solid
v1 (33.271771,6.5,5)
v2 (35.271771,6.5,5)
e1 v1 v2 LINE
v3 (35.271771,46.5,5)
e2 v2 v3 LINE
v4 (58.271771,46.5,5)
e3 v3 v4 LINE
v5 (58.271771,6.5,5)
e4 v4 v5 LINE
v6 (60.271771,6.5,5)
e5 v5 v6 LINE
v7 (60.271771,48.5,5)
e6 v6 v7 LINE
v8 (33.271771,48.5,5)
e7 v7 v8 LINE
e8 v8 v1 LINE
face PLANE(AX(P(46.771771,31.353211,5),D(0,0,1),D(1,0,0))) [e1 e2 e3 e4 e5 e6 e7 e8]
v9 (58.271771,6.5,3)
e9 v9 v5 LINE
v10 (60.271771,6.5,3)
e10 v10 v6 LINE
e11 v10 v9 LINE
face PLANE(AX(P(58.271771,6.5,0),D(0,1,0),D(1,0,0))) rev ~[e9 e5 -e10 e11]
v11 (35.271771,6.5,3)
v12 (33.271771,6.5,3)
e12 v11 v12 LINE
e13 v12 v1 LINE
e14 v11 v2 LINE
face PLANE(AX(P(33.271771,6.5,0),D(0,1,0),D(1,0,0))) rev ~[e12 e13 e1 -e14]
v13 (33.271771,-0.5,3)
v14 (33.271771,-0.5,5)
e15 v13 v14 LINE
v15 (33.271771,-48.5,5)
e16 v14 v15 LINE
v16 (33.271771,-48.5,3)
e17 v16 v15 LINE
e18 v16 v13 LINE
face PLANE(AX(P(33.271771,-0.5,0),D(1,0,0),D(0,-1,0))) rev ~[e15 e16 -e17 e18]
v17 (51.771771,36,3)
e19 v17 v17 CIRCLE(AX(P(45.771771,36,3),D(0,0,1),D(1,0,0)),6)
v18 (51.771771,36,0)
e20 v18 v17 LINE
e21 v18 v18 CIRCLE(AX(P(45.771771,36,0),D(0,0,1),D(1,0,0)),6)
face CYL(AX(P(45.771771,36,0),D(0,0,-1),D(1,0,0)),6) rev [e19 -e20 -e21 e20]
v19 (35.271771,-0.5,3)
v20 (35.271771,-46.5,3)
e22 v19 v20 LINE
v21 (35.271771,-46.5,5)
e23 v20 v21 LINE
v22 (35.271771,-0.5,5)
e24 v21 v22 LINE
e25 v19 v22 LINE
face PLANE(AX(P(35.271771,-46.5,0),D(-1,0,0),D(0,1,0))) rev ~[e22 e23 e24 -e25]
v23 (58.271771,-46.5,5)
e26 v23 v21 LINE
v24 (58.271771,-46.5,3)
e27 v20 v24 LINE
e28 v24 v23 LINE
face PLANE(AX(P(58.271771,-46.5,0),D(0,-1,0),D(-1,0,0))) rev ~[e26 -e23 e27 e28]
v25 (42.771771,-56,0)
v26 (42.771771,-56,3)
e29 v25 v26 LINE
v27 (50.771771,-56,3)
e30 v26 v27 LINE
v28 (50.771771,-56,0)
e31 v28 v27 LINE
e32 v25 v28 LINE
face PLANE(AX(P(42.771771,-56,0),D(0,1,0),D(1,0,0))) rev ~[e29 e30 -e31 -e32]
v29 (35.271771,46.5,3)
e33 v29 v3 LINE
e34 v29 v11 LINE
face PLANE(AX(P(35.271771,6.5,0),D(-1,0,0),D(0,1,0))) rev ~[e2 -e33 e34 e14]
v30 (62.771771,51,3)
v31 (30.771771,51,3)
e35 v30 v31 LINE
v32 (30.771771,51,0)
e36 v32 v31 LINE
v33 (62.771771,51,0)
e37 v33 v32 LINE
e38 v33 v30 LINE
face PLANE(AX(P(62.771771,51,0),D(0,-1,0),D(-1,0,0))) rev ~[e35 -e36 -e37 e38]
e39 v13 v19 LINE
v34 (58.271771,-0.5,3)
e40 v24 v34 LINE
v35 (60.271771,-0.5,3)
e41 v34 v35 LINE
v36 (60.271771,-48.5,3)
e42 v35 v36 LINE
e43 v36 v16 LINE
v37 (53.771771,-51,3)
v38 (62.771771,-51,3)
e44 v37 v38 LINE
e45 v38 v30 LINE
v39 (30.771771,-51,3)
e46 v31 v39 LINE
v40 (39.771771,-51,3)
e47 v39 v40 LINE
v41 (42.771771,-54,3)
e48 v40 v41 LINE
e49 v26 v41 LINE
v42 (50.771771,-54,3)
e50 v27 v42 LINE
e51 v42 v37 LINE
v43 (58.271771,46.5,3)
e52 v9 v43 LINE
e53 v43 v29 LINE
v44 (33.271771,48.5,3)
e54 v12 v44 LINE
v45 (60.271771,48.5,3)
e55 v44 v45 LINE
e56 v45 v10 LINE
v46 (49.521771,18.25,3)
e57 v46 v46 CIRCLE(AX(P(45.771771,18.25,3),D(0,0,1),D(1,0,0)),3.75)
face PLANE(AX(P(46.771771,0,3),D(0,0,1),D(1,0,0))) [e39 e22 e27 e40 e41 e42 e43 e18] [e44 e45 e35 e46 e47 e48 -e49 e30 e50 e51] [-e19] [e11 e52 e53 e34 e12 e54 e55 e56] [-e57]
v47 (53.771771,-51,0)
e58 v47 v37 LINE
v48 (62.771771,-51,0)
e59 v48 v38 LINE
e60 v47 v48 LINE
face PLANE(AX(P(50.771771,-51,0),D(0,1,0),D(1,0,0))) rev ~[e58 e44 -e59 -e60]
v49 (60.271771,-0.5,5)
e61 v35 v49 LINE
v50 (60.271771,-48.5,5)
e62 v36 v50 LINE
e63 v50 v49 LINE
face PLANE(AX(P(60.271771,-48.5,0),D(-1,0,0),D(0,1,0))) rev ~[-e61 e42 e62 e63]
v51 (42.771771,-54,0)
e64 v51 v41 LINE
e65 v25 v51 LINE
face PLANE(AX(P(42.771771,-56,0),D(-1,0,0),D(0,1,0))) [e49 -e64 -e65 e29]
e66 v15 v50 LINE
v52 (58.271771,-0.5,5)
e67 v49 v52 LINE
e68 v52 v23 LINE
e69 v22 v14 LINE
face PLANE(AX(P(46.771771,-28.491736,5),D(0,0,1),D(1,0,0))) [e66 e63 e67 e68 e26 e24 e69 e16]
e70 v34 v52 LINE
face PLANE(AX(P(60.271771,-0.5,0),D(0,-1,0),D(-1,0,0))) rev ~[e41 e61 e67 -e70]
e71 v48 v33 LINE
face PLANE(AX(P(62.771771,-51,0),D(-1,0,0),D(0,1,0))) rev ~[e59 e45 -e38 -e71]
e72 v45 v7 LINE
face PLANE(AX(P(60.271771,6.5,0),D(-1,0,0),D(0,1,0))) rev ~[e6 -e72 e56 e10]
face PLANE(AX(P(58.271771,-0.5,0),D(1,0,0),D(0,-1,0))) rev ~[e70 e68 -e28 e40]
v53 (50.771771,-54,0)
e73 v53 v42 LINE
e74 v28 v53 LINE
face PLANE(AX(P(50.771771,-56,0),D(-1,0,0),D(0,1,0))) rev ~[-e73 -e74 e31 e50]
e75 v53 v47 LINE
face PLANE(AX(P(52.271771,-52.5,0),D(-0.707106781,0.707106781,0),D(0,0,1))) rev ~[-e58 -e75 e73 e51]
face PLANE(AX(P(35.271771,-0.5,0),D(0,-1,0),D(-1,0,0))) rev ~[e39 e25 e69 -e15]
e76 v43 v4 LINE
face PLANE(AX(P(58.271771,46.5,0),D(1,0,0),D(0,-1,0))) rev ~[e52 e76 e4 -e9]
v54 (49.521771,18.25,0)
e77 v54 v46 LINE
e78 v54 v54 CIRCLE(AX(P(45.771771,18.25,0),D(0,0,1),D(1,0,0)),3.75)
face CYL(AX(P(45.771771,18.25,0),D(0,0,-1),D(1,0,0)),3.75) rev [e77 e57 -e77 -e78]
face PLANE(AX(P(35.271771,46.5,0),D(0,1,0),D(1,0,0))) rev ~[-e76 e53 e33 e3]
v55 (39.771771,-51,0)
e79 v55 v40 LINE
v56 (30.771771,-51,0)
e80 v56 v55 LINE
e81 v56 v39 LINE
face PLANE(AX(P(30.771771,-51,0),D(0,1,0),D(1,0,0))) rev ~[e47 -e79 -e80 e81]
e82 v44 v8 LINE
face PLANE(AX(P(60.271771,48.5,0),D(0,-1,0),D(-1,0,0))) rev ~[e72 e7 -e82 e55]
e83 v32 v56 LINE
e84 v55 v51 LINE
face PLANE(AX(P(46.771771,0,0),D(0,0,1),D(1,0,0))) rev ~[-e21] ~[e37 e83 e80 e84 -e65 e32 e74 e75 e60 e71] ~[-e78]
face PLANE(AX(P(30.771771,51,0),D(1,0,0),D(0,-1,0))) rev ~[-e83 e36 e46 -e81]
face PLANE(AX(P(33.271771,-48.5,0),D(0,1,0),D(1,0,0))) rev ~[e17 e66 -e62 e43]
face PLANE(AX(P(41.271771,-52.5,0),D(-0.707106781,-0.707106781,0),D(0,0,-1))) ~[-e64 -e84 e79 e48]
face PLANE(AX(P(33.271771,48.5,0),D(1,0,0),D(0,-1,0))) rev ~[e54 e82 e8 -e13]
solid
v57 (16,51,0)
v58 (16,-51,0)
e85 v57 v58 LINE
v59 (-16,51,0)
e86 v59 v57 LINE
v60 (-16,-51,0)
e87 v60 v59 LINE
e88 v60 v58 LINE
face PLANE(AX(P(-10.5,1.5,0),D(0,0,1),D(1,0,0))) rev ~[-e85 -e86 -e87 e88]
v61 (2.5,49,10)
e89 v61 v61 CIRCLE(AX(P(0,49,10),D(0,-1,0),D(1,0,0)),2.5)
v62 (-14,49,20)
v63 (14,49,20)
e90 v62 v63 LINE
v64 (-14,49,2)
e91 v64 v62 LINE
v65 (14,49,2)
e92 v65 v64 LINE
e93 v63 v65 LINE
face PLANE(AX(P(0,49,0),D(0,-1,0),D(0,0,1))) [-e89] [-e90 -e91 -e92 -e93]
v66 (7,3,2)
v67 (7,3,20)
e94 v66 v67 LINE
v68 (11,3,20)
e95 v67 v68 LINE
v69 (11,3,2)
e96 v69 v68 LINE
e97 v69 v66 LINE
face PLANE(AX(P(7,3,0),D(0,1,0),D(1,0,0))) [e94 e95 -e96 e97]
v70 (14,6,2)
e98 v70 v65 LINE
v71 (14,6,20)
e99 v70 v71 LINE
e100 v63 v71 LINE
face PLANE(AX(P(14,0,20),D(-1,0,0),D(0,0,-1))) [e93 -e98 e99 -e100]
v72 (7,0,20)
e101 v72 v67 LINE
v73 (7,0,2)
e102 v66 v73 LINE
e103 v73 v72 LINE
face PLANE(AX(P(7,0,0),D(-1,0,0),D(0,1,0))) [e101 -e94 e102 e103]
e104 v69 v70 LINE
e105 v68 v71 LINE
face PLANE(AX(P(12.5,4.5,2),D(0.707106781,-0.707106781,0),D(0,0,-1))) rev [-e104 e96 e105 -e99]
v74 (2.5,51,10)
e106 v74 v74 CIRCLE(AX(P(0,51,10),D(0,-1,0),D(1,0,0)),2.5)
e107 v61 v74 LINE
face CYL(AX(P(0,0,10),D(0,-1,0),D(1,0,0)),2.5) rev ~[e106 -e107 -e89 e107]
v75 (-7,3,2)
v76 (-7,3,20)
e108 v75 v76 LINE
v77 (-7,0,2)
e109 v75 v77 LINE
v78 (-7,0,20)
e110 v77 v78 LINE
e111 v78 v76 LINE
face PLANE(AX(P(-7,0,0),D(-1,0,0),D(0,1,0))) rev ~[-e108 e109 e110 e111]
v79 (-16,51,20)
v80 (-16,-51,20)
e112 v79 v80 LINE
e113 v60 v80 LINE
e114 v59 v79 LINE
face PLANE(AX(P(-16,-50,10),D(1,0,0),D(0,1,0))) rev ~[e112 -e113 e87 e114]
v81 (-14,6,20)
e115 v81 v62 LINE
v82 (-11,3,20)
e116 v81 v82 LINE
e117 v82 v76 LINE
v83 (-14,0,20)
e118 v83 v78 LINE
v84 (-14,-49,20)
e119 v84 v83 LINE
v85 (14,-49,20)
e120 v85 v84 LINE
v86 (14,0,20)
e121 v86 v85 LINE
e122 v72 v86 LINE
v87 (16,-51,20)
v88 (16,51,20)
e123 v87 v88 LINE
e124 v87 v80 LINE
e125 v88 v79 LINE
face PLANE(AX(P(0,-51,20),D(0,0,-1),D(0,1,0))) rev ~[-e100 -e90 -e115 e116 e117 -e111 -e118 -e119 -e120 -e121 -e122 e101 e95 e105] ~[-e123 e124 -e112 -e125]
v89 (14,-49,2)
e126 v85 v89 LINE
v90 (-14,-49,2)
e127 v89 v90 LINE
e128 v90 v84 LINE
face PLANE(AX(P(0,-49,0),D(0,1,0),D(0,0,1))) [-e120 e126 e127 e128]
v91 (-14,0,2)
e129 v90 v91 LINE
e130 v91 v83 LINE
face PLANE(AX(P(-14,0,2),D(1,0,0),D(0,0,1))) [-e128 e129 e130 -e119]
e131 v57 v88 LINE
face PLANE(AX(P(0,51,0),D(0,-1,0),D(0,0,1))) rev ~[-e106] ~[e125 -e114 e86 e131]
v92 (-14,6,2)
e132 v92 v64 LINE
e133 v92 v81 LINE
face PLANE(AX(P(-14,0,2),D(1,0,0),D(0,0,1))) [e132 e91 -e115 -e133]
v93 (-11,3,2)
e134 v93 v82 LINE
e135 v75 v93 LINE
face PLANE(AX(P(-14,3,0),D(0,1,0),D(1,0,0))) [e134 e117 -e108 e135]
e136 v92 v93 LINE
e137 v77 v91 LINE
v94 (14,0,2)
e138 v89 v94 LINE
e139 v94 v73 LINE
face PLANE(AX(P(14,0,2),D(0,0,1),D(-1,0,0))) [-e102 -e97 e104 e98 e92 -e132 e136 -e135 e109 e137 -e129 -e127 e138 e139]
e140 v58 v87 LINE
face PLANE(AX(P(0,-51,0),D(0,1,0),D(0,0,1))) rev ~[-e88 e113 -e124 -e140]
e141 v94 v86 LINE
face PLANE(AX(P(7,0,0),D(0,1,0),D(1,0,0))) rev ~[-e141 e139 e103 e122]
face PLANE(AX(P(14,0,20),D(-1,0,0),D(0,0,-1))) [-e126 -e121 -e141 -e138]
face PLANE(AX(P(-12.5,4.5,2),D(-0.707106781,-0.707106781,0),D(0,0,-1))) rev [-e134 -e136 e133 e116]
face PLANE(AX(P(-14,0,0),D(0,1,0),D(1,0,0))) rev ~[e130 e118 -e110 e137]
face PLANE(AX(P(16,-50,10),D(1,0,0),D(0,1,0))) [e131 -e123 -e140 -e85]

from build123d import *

# Parameters (mm, degrees)
F1_DEPTH      = 49
F1_DEPTH_BACK = 49
F2_W          = 2
F2_H          = 20
F3_DEPTH      = 16
F3_DEPTH_BACK = 16
F4_W          = 7
F4_H          = 3
F5_DEPTH      = 20
F6_R          = 2.5
F7_DEPTH      = 51.001
F8_R          = 3.75
F8_R_2        = 6
F8_W          = 8
F8_H          = 5
F9_DEPTH      = 3
F10_DEPTH     = 5
F11_SIZE      = 3
F11_2_SIZE    = 3


with BuildPart() as f1:
    # F0 (on Front) → F1 (new body, two sides)
    with BuildSketch(Plane.XZ) as f1_sk:
        Polygon((-14, 20), (-16, 20), (-16, 0), (16, 0), (16, 20), (14, 20), (14, 2), (-14, 2), align=None)
    extrude(amount=F1_DEPTH)
    extrude(f1_sk.sketch, amount=-F1_DEPTH_BACK)

    # F2 (on Right) → F3 (join, two sides)
    with BuildSketch(Plane.YZ) as f3_sk:
        with Locations((-50, 10)):
            Rectangle(F2_W, F2_H)
        with Locations((50, 10)):
            Rectangle(F2_W, F2_H)
    extrude(amount=F3_DEPTH)
    extrude(f3_sk.sketch, amount=-F3_DEPTH_BACK)

    # F4 (on Top) → F5 (join)
    with BuildSketch(Plane.XY):
        with Locations((-10.5, 1.5)):
            Rectangle(F4_W, F4_H)
        with Locations((10.5, 1.5)):
            Rectangle(F4_W, F4_H)
    extrude(amount=F5_DEPTH)

    # F6 (on Front) → F7 (cut, through all)
    with BuildSketch(Plane.XZ):
        with Locations((0, 10)):
            Circle(F6_R)
    extrude(amount=-F7_DEPTH, mode=Mode.SUBTRACT)

    # F11
    f11_edges = [f1.edges().sort_by_distance(p)[0] for p in [
        (-14, 3, 11),
        (14, 3, 11),
    ]]
    chamfer(f11_edges, length=F11_SIZE)


with BuildPart() as f9:
    # F8 (on Top) → F9 (new body)
    with BuildSketch(Plane.XY):
        Polygon((62.771771, 51), (30.771771, 51), (30.771771, -51), (42.771771, -51), (50.771771, -51), (62.771771, -51), align=None)
        Polygon((60.271771, -48.5), (33.271771, -48.5), (33.271771, -0.5), (35.271771, -0.5), (35.271771, -46.5), (58.271771, -46.5), (58.271771, -0.5), (60.271771, -0.5), align=None, mode=Mode.SUBTRACT)
        with Locations((45.771771, 18.25)):
            Circle(F8_R, mode=Mode.SUBTRACT)
        Polygon((33.271771, 6.5), (33.271771, 48.5), (60.271771, 48.5), (60.271771, 6.5), (58.271771, 6.5), (58.271771, 46.5), (35.271771, 46.5), (35.271771, 6.5), align=None, mode=Mode.SUBTRACT)
        with Locations((45.771771, 36)):
            Circle(F8_R_2, mode=Mode.SUBTRACT)
        with Locations((46.771771, -53.5)):
            Rectangle(F8_W, F8_H)
    extrude(amount=F9_DEPTH)

    # F8 (on Top) → F10 (join)
    with BuildSketch(Plane.XY):
        Polygon((60.271771, 48.5), (33.271771, 48.5), (33.271771, 6.5), (35.271771, 6.5), (35.271771, 46.5), (58.271771, 46.5), (58.271771, 6.5), (60.271771, 6.5), align=None)
        Polygon((33.271771, -0.5), (33.271771, -48.5), (60.271771, -48.5), (60.271771, -0.5), (58.271771, -0.5), (58.271771, -46.5), (35.271771, -46.5), (35.271771, -0.5), align=None)
    extrude(amount=F10_DEPTH)

    # F11#2
    f11_2_edges = [f9.edges().sort_by_distance(p)[0] for p in [
        (50.771771, -51, 1.5),
        (42.771771, -51, 1.5),
    ]]
    chamfer(f11_2_edges, length=F11_2_SIZE)


solid = Compound([f1.part, f9.part])
